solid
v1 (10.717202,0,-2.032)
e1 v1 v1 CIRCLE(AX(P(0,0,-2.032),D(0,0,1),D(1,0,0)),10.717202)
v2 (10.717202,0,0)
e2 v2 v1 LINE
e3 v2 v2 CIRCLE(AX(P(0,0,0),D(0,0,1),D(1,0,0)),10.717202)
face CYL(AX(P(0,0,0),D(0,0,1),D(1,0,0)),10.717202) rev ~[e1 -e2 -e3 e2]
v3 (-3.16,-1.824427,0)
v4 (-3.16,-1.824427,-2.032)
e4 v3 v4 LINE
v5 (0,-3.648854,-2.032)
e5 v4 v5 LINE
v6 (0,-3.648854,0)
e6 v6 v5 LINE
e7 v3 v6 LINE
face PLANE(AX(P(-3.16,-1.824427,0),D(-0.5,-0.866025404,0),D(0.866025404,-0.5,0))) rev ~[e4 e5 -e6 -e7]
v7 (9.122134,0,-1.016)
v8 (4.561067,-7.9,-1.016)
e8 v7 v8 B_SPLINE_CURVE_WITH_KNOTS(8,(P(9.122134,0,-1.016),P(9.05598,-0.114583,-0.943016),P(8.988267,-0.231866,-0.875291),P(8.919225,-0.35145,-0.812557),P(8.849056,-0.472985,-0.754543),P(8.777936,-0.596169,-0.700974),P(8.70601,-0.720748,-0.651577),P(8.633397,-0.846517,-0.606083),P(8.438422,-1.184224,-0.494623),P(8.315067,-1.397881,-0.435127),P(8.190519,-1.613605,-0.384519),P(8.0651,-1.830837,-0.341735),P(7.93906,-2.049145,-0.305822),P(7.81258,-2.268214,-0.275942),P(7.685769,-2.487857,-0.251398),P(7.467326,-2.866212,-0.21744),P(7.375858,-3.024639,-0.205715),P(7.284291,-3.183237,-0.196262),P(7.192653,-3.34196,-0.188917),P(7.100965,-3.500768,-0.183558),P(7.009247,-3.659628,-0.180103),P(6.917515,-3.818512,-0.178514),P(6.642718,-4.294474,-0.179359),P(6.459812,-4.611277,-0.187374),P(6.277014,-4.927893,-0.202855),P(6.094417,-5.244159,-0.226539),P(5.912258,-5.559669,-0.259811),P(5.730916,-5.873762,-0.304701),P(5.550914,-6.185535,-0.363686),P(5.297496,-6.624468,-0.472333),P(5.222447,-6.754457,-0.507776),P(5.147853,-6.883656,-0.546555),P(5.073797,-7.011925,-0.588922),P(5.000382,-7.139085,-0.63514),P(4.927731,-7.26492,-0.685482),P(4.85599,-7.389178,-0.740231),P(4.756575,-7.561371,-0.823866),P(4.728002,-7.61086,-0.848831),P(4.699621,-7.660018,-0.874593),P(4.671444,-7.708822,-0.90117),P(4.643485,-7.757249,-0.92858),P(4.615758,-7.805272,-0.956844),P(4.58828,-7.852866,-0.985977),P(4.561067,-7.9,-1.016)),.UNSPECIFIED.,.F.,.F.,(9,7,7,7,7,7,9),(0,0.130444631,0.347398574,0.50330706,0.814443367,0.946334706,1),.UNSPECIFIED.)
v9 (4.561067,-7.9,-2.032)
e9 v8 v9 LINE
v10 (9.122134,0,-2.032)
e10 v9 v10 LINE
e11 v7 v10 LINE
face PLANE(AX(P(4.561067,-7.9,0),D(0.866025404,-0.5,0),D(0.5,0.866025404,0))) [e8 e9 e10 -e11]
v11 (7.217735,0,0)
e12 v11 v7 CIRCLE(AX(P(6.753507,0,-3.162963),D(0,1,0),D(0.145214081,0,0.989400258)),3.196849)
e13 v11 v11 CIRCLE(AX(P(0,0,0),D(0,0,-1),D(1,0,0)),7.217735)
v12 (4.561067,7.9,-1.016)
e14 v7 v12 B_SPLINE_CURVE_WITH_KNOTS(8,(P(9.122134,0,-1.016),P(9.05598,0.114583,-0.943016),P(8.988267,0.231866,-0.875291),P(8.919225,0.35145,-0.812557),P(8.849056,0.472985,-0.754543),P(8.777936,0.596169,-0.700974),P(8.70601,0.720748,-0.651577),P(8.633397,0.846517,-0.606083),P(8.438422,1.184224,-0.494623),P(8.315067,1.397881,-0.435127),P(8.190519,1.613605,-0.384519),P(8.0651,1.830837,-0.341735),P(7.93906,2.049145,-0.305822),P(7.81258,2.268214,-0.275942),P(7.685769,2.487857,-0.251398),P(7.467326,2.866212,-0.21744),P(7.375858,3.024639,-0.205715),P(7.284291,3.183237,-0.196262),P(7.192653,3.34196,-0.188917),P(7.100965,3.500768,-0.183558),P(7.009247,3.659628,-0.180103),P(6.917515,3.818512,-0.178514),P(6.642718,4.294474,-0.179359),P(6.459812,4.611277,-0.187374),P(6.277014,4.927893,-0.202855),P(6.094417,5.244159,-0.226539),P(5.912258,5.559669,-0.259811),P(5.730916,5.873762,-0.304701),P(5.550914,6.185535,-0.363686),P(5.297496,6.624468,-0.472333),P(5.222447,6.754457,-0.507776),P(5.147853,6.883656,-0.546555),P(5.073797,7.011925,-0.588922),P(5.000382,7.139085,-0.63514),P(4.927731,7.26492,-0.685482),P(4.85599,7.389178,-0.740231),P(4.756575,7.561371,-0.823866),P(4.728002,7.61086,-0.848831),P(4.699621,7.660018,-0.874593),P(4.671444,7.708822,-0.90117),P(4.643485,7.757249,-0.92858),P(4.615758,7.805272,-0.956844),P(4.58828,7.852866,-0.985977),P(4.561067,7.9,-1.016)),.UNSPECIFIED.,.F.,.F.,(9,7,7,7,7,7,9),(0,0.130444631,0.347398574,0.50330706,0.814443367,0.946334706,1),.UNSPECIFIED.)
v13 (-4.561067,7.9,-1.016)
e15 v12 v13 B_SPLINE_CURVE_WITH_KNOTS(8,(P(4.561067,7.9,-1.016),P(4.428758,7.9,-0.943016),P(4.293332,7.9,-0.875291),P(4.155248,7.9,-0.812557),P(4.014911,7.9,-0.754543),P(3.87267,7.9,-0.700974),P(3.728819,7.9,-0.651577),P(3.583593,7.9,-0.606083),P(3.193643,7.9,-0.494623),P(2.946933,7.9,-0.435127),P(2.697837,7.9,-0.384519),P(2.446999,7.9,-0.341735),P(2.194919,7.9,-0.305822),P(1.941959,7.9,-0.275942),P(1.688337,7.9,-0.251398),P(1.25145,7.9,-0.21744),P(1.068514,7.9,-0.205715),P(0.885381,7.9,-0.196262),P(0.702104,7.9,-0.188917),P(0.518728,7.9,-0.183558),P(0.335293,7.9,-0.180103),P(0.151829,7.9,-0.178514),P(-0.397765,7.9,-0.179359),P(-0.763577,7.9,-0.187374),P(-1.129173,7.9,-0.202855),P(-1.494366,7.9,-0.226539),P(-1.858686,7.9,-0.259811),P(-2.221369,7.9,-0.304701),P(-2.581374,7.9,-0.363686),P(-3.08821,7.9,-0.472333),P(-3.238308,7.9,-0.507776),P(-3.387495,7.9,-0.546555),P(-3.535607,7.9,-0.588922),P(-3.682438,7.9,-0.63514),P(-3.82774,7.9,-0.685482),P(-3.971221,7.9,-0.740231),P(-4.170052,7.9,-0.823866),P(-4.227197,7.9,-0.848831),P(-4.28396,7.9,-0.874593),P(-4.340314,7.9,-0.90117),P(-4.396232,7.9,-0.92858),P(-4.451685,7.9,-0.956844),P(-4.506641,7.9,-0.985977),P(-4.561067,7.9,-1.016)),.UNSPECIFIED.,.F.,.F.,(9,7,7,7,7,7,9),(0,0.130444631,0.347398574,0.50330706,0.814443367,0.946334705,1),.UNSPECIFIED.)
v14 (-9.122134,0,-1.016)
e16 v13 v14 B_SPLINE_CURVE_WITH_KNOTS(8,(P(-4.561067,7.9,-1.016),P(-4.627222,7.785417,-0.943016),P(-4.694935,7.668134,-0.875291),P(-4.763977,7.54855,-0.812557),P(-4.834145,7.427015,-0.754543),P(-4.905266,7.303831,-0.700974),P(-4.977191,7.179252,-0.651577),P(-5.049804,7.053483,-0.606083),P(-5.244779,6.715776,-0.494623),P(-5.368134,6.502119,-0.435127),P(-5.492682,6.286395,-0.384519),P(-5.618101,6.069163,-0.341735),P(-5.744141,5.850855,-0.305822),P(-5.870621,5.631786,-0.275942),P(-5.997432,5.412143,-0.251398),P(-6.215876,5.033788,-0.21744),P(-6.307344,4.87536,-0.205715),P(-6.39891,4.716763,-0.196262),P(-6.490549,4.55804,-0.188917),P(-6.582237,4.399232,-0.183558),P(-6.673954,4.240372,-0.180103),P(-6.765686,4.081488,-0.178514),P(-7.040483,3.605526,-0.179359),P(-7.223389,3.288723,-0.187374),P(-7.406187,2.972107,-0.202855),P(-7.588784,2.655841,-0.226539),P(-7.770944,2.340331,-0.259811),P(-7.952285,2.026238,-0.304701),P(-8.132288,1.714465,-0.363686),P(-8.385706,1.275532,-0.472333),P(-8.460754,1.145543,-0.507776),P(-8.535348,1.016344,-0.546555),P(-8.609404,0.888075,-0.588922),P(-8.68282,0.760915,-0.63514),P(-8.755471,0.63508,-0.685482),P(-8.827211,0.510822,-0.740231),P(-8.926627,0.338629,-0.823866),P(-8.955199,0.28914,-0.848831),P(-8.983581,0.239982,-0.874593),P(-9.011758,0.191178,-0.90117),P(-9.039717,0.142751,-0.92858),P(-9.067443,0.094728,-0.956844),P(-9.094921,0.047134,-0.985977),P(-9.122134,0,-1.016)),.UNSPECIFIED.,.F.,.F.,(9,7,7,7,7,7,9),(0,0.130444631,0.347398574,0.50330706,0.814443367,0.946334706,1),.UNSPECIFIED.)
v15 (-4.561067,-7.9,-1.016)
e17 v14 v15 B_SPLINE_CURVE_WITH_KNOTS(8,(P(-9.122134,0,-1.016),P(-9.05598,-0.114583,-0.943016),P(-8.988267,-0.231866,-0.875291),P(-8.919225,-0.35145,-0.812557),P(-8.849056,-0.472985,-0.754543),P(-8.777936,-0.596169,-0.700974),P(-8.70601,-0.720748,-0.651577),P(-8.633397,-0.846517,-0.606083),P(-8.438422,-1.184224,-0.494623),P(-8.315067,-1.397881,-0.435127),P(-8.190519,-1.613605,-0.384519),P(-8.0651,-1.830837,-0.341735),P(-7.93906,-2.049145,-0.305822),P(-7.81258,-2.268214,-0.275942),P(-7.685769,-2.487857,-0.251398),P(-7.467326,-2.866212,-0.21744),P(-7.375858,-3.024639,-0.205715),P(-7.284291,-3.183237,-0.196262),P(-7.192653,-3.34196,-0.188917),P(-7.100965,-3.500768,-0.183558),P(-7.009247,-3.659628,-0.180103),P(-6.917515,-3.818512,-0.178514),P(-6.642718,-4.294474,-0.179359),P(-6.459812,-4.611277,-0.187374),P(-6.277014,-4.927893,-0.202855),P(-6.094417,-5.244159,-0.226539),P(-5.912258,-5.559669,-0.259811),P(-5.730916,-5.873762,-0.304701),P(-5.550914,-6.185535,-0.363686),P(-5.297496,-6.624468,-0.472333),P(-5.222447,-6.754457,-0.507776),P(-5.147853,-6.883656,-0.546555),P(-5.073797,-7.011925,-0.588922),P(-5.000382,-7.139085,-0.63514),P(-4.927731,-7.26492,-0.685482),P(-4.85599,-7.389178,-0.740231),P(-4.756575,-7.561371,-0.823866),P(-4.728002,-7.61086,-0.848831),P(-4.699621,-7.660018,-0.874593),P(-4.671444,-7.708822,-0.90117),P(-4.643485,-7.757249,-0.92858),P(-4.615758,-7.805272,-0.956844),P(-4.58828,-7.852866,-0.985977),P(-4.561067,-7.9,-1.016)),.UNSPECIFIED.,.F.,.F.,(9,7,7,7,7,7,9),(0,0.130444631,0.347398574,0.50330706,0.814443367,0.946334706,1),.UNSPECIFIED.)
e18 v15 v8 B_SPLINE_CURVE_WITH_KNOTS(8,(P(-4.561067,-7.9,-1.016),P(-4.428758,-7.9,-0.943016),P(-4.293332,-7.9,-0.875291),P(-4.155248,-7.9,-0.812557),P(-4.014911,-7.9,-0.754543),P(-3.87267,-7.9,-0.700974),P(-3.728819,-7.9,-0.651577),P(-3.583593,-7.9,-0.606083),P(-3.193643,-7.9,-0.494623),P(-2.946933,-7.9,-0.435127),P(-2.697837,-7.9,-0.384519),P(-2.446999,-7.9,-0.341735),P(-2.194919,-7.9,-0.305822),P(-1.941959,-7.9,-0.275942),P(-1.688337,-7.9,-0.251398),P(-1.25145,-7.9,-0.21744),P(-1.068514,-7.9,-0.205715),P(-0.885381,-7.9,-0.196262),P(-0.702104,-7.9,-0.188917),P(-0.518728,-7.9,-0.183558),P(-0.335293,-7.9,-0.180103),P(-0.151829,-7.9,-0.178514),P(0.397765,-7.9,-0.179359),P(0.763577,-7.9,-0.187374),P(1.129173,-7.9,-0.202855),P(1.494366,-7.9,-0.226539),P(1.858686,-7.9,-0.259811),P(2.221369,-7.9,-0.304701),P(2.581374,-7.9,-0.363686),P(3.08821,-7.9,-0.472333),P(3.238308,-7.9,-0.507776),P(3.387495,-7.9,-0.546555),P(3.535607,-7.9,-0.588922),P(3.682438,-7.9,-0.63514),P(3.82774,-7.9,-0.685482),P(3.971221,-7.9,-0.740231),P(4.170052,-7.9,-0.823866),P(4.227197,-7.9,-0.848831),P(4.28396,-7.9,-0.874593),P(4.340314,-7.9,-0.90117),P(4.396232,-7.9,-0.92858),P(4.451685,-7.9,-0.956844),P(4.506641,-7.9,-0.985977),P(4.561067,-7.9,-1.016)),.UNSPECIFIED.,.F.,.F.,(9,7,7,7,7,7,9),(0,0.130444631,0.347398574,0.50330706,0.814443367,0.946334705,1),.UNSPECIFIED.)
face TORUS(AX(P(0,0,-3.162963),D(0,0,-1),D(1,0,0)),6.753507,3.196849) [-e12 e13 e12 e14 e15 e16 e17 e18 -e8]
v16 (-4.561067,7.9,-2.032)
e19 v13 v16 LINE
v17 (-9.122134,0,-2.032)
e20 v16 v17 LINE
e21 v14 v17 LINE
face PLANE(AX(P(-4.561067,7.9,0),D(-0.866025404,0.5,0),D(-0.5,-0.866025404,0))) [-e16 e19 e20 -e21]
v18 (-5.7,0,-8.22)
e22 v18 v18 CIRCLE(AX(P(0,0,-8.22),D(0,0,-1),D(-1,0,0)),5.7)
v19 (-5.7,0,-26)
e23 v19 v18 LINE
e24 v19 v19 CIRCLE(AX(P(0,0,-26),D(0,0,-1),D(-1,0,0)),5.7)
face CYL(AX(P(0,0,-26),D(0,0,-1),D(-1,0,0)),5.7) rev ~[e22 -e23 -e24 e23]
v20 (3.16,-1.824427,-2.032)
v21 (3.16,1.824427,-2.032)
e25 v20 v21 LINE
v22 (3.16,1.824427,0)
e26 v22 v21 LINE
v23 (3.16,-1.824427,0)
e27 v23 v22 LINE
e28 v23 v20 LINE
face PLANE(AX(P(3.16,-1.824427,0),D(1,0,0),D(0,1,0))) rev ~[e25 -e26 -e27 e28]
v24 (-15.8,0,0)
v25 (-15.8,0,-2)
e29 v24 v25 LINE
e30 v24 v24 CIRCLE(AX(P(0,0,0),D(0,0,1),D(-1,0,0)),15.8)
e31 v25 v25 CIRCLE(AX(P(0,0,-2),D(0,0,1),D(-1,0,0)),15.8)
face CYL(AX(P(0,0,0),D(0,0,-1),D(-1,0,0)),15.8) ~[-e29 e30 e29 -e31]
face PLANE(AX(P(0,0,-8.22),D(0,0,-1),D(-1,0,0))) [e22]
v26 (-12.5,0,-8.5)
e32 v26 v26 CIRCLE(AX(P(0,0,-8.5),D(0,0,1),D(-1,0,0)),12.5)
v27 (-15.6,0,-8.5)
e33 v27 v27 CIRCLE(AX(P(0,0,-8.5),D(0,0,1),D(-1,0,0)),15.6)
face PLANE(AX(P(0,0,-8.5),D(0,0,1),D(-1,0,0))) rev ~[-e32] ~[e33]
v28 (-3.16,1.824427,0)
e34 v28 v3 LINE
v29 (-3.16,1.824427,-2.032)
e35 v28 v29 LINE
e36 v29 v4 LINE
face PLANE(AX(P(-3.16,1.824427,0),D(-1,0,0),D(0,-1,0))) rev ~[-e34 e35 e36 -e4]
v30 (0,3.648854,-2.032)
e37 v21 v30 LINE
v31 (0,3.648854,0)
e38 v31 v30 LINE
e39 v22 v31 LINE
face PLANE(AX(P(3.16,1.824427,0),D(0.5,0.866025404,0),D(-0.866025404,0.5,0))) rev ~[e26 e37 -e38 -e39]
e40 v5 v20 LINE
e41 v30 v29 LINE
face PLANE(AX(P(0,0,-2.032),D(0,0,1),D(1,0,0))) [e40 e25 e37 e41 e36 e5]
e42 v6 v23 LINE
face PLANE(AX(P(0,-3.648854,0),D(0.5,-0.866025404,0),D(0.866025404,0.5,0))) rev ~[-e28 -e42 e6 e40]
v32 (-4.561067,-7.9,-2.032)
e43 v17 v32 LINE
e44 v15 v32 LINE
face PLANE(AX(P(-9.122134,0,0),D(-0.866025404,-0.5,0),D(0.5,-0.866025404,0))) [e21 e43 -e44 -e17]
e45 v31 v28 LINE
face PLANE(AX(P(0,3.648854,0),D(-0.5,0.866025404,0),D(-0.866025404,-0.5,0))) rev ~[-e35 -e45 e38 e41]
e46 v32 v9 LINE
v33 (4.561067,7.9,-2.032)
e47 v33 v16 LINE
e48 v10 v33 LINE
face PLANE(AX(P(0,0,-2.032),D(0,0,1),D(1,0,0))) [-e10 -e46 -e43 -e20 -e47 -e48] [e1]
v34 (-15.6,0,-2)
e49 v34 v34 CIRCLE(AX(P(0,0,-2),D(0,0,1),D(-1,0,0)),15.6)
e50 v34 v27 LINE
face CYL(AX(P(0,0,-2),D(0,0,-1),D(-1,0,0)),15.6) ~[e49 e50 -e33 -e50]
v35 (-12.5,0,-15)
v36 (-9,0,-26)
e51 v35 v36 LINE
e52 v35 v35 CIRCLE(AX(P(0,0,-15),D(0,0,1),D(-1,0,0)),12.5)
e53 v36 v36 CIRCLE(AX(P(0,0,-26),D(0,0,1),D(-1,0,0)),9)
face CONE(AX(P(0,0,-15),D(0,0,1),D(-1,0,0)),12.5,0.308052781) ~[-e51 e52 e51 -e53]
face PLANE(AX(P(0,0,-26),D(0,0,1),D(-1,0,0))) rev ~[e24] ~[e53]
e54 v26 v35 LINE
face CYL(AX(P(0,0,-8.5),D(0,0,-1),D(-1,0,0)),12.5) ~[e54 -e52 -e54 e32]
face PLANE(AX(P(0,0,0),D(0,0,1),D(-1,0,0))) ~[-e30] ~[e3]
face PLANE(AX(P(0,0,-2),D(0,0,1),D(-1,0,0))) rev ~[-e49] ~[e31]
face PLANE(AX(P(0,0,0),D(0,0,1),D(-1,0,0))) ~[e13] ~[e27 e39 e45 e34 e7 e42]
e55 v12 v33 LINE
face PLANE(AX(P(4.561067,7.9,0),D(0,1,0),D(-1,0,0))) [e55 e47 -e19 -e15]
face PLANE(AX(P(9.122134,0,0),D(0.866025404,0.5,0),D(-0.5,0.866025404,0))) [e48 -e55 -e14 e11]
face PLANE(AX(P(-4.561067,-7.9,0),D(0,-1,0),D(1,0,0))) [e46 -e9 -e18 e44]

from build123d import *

# Parameters (mm, degrees)
SKETCH2_R          = 5.7
CUT_EXTRUDE1_DEPTH = 17.78
SKETCH3_R          = 10.717201778
CUT_EXTRUDE2_DEPTH = 2.032
CUT_EXTRUDE3_DEPTH = 2.032


with BuildPart() as part:
    # Sketch1 → Revolve1 (revolve)
    with BuildSketch(Plane(origin=(0, 0, 0), x_dir=(0, 0, -1), z_dir=(1, 0, 0)), mode=Mode.PRIVATE) as revolve1_sk:
        Polygon((0, 0), (0, 15.800000023), (2, 15.800000023), (2, 15.600000023), (8.5, 15.600000023), (8.5, 12.5), (15, 12.5), (26, 9), (26, 0), align=None)
    revolve(revolve1_sk.sketch.rotate(Axis((0, 0, 0), (0, 0, 1)), 90), axis=Axis((0, 0, 0), (0, 0, 1)))

    # Sketch2 → Cut-Extrude1 (cut)
    with BuildSketch(Plane(origin=(0, 0, -26), x_dir=(-1, 0, 0), z_dir=(0, 0, -1))):
        Circle(SKETCH2_R)
    extrude(amount=-CUT_EXTRUDE1_DEPTH, mode=Mode.SUBTRACT)

    # Sketch3 → Cut-Extrude2 (cut)
    with BuildSketch(Plane.XY):
        Circle(SKETCH3_R)
        Polygon((4.561067127, 7.9), (-4.561067127, 7.9), (-9.122134253, 0), (-4.561067127, -7.9), (4.561067127, -7.9), (9.122134253, 0), align=None, mode=Mode.SUBTRACT)
    extrude(amount=-CUT_EXTRUDE2_DEPTH, mode=Mode.SUBTRACT)

    # Sketch4 → Cut-Revolve1 (revolve, cut)
    with BuildSketch(Plane(origin=(0, 0, 0), x_dir=(1, 0, 0), z_dir=(0, 1, 0)), mode=Mode.PRIVATE) as cut_revolve1_sk:
        with BuildLine():
            Line((-9.122134253, 1.016), (-9.122134253, 0))
            Line((-9.122134253, 0), (-7.217734963, 0))
            ThreePointArc((-7.217734963, 0), (-8.258276499, 0.342411186), (-9.122134253, 1.016))
        make_face()
    revolve(cut_revolve1_sk.sketch.rotate(Axis((0, 0, 0), (0, 0, -1)), 180), axis=Axis((0, 0, 0), (0, 0, -1)), mode=Mode.SUBTRACT)

    # Sketch5 → Cut-Extrude3 (cut)
    with BuildSketch(Plane.XY):
        Polygon((0, 3.648853701), (-3.16, 1.824426851), (-3.16, -1.824426851), (0, -3.648853701), (3.16, -1.824426851), (3.16, 1.824426851), align=None)
    extrude(amount=-CUT_EXTRUDE3_DEPTH, mode=Mode.SUBTRACT)


solid = part.part
